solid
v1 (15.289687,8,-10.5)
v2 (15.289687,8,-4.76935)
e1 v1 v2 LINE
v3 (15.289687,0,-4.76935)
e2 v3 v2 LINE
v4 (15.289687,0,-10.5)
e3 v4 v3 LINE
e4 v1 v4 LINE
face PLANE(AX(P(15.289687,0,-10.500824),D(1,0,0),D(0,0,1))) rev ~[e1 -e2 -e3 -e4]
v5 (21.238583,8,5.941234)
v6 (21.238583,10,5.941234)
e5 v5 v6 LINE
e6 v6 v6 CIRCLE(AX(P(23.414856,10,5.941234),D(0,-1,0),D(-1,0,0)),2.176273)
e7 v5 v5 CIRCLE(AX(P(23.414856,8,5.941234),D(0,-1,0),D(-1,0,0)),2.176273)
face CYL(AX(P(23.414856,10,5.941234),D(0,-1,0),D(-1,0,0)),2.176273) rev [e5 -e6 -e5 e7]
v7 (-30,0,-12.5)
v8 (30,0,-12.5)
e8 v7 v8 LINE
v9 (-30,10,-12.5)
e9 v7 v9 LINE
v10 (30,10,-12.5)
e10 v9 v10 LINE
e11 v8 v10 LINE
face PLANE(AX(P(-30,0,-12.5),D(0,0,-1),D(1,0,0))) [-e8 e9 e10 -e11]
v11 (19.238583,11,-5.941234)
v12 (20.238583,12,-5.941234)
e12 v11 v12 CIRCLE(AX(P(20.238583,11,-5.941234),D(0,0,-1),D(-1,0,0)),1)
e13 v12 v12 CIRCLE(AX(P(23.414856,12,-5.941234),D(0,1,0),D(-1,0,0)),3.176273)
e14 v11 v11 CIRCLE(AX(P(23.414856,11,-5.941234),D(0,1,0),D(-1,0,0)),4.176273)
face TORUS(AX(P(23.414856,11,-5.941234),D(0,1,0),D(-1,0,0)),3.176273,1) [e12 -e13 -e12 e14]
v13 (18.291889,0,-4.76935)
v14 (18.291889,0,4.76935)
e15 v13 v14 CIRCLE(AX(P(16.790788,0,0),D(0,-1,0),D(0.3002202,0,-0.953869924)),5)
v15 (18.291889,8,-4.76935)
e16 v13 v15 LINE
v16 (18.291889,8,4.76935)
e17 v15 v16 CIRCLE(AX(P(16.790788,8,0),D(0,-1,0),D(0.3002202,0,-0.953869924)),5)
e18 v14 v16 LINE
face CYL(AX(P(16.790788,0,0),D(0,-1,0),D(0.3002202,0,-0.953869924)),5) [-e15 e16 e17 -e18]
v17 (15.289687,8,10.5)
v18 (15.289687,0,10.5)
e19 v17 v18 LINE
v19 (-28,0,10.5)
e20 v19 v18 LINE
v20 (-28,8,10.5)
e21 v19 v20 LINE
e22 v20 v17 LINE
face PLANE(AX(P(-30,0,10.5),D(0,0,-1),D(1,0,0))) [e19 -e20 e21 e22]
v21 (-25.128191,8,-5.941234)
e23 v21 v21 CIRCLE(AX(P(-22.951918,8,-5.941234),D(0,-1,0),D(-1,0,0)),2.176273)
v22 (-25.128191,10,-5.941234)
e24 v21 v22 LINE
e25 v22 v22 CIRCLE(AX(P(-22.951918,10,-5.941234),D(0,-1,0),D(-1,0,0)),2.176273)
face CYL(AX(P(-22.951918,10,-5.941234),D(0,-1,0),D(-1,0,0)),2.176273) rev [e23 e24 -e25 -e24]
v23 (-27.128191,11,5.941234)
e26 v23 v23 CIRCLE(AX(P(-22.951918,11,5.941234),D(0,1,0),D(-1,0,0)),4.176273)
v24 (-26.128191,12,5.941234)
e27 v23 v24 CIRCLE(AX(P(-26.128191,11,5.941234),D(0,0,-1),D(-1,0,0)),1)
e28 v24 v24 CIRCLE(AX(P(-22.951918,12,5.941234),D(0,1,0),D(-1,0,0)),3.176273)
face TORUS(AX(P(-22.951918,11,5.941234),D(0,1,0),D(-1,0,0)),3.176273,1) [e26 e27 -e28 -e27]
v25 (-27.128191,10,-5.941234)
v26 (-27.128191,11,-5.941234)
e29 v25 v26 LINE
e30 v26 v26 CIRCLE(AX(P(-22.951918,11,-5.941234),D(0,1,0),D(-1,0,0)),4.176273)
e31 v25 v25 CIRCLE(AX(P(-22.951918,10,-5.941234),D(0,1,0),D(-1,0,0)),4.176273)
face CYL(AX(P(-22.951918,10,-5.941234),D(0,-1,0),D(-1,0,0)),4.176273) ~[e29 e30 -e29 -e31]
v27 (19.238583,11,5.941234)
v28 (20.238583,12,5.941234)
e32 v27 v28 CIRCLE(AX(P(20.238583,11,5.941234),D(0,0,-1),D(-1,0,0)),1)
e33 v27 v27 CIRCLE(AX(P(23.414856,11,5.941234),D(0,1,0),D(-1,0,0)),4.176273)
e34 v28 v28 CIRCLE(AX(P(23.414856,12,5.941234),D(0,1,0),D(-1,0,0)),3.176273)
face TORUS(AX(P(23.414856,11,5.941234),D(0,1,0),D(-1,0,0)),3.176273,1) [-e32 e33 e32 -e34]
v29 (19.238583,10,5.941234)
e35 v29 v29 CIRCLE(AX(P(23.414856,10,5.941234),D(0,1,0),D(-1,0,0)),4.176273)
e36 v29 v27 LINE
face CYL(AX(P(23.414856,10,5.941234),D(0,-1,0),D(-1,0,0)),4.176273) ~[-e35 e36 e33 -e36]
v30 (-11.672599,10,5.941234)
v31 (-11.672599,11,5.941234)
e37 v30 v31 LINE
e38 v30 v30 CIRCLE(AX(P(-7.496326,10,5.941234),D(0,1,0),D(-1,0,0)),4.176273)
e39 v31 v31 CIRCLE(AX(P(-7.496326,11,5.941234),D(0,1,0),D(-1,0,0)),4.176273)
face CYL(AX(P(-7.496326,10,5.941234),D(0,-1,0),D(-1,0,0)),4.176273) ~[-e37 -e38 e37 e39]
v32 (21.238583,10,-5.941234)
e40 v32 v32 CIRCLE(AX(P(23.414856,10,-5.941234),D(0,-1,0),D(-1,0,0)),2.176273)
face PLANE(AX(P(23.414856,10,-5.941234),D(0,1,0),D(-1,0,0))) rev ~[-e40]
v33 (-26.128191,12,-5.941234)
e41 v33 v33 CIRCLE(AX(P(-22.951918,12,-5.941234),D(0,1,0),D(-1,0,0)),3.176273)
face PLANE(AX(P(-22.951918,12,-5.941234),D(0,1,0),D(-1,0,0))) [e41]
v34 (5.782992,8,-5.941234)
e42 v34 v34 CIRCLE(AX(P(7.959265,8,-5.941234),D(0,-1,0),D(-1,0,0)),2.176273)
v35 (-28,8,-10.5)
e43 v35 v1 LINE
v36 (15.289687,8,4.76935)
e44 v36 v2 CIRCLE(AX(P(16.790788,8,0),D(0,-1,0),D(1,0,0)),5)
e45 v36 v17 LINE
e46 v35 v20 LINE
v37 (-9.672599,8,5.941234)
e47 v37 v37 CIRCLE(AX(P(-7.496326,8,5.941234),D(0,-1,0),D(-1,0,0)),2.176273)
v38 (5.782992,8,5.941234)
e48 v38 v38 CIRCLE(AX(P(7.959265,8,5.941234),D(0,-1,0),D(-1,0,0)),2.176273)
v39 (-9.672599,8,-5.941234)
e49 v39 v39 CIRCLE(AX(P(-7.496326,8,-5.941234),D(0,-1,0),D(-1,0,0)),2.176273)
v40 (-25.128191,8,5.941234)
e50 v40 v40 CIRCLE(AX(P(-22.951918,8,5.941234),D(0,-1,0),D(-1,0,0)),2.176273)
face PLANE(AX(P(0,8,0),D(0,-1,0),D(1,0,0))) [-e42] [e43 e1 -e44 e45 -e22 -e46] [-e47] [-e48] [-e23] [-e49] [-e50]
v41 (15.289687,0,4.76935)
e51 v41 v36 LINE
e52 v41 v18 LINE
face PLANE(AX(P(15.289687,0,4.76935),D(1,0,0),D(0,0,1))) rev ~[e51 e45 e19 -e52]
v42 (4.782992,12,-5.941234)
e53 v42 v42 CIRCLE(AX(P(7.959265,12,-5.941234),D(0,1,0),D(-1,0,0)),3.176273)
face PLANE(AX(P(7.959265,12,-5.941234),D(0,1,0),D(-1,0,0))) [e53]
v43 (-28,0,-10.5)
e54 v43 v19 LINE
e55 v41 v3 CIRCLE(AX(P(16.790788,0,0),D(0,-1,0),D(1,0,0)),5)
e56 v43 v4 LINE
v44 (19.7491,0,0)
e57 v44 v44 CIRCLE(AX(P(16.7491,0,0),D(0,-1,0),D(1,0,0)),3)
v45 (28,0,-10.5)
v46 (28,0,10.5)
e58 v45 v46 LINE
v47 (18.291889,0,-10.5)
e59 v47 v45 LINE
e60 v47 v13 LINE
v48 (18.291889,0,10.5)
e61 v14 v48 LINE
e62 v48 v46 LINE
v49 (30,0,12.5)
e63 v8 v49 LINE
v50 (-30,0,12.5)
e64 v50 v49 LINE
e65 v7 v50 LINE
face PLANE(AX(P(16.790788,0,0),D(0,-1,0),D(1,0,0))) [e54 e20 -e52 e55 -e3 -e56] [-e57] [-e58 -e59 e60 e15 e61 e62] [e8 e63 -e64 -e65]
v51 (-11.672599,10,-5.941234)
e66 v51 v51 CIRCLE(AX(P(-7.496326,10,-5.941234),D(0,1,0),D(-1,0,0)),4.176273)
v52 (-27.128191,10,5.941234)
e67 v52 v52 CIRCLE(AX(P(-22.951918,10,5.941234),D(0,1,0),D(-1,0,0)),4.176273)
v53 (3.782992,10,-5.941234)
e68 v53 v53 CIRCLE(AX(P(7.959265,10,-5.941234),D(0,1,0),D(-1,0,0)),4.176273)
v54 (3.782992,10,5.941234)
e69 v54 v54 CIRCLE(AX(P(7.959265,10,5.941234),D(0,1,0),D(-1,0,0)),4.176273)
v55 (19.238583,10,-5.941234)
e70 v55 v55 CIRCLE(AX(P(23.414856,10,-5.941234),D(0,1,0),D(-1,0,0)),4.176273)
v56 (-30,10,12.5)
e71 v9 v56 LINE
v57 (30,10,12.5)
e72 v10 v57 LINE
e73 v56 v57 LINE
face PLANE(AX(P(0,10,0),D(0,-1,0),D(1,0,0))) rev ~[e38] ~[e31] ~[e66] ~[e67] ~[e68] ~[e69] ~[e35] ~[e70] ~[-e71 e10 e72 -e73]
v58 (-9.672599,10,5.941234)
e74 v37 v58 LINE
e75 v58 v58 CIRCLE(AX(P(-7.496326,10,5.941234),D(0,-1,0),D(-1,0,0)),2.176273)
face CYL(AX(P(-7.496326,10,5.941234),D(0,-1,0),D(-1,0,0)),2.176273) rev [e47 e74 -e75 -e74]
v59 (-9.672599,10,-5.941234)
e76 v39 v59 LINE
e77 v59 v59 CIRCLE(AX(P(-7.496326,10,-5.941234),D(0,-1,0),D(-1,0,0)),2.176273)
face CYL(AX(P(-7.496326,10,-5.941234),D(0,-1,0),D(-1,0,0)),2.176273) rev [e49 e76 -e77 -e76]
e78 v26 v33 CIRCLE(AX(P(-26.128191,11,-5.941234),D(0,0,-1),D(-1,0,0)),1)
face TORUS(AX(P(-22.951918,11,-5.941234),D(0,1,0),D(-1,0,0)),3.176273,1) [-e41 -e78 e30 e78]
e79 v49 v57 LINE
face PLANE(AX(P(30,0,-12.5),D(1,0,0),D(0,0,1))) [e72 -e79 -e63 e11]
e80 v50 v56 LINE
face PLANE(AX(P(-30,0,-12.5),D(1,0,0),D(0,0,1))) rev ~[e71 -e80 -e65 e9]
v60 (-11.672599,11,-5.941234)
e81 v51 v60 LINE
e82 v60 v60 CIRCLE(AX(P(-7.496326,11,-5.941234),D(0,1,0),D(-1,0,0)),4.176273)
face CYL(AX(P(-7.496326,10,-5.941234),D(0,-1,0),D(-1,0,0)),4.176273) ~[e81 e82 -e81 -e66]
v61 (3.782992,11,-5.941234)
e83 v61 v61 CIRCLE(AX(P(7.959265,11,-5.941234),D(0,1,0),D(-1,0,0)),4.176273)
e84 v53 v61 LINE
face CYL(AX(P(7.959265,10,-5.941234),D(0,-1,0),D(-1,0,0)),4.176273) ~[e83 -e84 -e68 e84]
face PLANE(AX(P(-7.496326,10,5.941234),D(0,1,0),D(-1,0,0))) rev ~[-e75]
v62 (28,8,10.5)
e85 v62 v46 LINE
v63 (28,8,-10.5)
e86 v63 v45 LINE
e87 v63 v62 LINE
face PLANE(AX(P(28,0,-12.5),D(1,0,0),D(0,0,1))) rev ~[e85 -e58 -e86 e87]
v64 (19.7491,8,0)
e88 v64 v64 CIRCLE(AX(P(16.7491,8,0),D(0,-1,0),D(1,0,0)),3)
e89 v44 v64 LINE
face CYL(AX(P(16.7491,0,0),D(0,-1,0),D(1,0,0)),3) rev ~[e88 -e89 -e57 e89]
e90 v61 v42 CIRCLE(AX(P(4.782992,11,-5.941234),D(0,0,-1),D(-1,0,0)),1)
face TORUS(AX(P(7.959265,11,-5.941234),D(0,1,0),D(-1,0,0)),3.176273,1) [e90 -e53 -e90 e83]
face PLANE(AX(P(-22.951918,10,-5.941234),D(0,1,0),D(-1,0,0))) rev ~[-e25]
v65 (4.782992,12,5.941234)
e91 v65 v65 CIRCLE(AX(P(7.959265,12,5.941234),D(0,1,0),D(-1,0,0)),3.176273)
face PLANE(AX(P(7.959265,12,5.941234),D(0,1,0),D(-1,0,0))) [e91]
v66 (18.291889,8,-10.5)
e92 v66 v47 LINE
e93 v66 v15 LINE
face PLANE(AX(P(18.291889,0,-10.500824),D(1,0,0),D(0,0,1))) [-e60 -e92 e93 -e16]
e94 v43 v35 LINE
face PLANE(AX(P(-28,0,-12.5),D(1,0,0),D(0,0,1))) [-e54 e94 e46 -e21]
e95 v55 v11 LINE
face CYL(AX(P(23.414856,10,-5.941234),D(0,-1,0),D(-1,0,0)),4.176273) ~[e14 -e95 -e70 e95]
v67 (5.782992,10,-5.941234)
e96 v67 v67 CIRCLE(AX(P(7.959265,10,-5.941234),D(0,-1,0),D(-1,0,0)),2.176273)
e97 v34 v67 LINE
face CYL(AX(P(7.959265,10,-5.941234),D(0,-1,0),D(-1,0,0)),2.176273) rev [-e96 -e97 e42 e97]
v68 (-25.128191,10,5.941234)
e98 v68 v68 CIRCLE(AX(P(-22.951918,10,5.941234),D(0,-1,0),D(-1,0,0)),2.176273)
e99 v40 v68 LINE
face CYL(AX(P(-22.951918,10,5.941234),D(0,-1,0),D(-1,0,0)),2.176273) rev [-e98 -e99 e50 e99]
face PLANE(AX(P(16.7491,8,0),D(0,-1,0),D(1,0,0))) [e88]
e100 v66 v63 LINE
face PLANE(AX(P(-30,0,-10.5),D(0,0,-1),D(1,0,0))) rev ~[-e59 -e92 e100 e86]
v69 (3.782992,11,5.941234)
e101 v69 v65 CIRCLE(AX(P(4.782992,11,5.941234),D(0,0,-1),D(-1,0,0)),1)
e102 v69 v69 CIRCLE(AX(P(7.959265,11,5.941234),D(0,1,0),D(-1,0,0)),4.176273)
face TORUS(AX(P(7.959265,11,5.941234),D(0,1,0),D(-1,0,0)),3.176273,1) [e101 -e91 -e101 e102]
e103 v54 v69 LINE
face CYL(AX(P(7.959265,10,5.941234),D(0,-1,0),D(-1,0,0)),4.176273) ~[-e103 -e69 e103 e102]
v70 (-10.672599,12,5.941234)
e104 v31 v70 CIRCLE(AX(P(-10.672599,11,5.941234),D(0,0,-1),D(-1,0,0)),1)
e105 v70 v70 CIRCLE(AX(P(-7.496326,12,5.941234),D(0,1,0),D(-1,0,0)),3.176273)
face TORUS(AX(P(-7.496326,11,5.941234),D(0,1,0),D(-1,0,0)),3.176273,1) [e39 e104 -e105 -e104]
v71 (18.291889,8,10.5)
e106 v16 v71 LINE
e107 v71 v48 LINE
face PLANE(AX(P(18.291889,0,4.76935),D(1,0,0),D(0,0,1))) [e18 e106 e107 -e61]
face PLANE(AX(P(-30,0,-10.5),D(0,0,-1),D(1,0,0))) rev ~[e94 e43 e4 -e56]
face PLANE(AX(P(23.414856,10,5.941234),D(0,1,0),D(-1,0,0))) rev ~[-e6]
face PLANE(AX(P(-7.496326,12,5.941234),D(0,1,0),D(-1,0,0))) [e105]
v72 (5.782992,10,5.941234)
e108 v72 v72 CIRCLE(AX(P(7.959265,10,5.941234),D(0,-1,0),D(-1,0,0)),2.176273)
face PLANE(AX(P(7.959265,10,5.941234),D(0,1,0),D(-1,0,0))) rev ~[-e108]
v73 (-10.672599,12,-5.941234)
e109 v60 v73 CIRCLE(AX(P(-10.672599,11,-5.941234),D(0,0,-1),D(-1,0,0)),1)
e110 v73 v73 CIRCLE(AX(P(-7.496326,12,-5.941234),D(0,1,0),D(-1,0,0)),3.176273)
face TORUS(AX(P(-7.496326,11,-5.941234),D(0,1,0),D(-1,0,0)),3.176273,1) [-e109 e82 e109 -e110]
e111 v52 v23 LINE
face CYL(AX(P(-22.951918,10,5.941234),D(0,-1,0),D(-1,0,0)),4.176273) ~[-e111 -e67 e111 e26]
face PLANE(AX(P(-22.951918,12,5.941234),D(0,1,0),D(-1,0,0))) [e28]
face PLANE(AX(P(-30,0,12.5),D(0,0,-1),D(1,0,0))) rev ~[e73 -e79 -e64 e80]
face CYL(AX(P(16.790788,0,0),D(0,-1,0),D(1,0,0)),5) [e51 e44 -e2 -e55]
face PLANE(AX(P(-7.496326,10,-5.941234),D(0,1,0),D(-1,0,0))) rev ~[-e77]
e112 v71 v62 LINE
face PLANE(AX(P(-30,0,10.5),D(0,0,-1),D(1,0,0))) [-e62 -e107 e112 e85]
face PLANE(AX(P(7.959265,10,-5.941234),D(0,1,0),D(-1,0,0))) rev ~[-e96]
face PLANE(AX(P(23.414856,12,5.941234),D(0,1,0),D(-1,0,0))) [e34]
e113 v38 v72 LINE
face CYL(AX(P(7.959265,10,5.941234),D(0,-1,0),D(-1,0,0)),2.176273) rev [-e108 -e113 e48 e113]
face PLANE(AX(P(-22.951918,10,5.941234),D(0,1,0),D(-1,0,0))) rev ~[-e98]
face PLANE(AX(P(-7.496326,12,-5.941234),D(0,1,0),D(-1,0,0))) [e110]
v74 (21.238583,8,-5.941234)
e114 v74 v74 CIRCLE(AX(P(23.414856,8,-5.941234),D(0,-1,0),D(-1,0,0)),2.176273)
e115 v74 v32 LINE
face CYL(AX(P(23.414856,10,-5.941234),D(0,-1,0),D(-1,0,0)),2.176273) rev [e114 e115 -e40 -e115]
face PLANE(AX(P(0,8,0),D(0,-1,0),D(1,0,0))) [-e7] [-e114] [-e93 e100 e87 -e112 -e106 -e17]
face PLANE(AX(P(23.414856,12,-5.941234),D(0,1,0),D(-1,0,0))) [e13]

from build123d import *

# Parameters (mm, degrees)
SKETCH_W     = 60
SKETCH_H     = 25
PAD_DEPTH    = 10
SKETCH001_R  = 4.176273
PAD001_DEPTH = 2
FILLET_R     = 1
THICKNESS_T  = -2
SKETCH002_R  = 5
SKETCH002_W  = 3.002202
SKETCH002_H  = 21.001648
PAD002_DEPTH = 8
SKETCH003_R  = 3
POCKET_DEPTH = 8


with BuildPart() as part:
    # Sketch (on XZ_Plane of Origin) → Pad (new body)
    with BuildSketch(Plane.XZ):
        Rectangle(SKETCH_W, SKETCH_H)
    extrude(amount=-PAD_DEPTH)

    # Sketch001 (on Face6 of Pad) → Pad001 (join)
    with BuildSketch(Plane(origin=(0, 10, 0), x_dir=(-1, 0, 0), z_dir=(0, 1, 0))):
        with Locations((-23.414856, 5.941234)):
            Circle(SKETCH001_R)
        with Locations((-23.414856, -5.941234)):
            Circle(SKETCH001_R)
        with Locations((-7.959265, 5.941234)):
            Circle(SKETCH001_R)
        with Locations((-7.959265, -5.941234)):
            Circle(SKETCH001_R)
        with Locations((7.496326, 5.941234)):
            Circle(SKETCH001_R)
        with Locations((7.496326, -5.941234)):
            Circle(SKETCH001_R)
        with Locations((22.951918, 5.941234)):
            Circle(SKETCH001_R)
        with Locations((22.951918, -5.941234)):
            Circle(SKETCH001_R)
    extrude(amount=PAD001_DEPTH)

    # Fillet
    fillet_edges = [part.edges().sort_by_distance(p)[0] for p in [
        (27.591129, 12, -5.941234),
        (27.591129, 12, 5.941234),
        (12.135538, 12, 5.941234),
        (12.135538, 12, -5.941234),
        (-3.320053, 12, -5.941234),
        (-3.320053, 12, 5.941234),
        (-18.775645, 12, 5.941234),
        (-18.775645, 12, -5.941234),
    ]]
    fillet(fillet_edges, radius=FILLET_R)

    # Thickness
    thickness_openings = [part.faces().sort_by_distance(p)[0] for p in [
        (0, 0, 0),
    ]]
    offset(amount=THICKNESS_T, openings=thickness_openings, kind=Kind.INTERSECTION)

    # Sketch002 (on XZ_Plane of Origin) → Pad002 (join)
    with BuildSketch(Plane.XZ):
        with Locations((16.790788, 0)):
            Circle(SKETCH002_R)
        with Locations((16.790788, 0)):
            Rectangle(SKETCH002_W, SKETCH002_H)
    extrude(amount=-PAD002_DEPTH)

    # Sketch003 (on XZ_Plane of Origin) → Pocket (cut)
    with BuildSketch(Plane.XZ):
        with Locations((16.7491, 0)):
            Circle(SKETCH003_R)
    extrude(amount=-POCKET_DEPTH, mode=Mode.SUBTRACT)


solid = part.part
